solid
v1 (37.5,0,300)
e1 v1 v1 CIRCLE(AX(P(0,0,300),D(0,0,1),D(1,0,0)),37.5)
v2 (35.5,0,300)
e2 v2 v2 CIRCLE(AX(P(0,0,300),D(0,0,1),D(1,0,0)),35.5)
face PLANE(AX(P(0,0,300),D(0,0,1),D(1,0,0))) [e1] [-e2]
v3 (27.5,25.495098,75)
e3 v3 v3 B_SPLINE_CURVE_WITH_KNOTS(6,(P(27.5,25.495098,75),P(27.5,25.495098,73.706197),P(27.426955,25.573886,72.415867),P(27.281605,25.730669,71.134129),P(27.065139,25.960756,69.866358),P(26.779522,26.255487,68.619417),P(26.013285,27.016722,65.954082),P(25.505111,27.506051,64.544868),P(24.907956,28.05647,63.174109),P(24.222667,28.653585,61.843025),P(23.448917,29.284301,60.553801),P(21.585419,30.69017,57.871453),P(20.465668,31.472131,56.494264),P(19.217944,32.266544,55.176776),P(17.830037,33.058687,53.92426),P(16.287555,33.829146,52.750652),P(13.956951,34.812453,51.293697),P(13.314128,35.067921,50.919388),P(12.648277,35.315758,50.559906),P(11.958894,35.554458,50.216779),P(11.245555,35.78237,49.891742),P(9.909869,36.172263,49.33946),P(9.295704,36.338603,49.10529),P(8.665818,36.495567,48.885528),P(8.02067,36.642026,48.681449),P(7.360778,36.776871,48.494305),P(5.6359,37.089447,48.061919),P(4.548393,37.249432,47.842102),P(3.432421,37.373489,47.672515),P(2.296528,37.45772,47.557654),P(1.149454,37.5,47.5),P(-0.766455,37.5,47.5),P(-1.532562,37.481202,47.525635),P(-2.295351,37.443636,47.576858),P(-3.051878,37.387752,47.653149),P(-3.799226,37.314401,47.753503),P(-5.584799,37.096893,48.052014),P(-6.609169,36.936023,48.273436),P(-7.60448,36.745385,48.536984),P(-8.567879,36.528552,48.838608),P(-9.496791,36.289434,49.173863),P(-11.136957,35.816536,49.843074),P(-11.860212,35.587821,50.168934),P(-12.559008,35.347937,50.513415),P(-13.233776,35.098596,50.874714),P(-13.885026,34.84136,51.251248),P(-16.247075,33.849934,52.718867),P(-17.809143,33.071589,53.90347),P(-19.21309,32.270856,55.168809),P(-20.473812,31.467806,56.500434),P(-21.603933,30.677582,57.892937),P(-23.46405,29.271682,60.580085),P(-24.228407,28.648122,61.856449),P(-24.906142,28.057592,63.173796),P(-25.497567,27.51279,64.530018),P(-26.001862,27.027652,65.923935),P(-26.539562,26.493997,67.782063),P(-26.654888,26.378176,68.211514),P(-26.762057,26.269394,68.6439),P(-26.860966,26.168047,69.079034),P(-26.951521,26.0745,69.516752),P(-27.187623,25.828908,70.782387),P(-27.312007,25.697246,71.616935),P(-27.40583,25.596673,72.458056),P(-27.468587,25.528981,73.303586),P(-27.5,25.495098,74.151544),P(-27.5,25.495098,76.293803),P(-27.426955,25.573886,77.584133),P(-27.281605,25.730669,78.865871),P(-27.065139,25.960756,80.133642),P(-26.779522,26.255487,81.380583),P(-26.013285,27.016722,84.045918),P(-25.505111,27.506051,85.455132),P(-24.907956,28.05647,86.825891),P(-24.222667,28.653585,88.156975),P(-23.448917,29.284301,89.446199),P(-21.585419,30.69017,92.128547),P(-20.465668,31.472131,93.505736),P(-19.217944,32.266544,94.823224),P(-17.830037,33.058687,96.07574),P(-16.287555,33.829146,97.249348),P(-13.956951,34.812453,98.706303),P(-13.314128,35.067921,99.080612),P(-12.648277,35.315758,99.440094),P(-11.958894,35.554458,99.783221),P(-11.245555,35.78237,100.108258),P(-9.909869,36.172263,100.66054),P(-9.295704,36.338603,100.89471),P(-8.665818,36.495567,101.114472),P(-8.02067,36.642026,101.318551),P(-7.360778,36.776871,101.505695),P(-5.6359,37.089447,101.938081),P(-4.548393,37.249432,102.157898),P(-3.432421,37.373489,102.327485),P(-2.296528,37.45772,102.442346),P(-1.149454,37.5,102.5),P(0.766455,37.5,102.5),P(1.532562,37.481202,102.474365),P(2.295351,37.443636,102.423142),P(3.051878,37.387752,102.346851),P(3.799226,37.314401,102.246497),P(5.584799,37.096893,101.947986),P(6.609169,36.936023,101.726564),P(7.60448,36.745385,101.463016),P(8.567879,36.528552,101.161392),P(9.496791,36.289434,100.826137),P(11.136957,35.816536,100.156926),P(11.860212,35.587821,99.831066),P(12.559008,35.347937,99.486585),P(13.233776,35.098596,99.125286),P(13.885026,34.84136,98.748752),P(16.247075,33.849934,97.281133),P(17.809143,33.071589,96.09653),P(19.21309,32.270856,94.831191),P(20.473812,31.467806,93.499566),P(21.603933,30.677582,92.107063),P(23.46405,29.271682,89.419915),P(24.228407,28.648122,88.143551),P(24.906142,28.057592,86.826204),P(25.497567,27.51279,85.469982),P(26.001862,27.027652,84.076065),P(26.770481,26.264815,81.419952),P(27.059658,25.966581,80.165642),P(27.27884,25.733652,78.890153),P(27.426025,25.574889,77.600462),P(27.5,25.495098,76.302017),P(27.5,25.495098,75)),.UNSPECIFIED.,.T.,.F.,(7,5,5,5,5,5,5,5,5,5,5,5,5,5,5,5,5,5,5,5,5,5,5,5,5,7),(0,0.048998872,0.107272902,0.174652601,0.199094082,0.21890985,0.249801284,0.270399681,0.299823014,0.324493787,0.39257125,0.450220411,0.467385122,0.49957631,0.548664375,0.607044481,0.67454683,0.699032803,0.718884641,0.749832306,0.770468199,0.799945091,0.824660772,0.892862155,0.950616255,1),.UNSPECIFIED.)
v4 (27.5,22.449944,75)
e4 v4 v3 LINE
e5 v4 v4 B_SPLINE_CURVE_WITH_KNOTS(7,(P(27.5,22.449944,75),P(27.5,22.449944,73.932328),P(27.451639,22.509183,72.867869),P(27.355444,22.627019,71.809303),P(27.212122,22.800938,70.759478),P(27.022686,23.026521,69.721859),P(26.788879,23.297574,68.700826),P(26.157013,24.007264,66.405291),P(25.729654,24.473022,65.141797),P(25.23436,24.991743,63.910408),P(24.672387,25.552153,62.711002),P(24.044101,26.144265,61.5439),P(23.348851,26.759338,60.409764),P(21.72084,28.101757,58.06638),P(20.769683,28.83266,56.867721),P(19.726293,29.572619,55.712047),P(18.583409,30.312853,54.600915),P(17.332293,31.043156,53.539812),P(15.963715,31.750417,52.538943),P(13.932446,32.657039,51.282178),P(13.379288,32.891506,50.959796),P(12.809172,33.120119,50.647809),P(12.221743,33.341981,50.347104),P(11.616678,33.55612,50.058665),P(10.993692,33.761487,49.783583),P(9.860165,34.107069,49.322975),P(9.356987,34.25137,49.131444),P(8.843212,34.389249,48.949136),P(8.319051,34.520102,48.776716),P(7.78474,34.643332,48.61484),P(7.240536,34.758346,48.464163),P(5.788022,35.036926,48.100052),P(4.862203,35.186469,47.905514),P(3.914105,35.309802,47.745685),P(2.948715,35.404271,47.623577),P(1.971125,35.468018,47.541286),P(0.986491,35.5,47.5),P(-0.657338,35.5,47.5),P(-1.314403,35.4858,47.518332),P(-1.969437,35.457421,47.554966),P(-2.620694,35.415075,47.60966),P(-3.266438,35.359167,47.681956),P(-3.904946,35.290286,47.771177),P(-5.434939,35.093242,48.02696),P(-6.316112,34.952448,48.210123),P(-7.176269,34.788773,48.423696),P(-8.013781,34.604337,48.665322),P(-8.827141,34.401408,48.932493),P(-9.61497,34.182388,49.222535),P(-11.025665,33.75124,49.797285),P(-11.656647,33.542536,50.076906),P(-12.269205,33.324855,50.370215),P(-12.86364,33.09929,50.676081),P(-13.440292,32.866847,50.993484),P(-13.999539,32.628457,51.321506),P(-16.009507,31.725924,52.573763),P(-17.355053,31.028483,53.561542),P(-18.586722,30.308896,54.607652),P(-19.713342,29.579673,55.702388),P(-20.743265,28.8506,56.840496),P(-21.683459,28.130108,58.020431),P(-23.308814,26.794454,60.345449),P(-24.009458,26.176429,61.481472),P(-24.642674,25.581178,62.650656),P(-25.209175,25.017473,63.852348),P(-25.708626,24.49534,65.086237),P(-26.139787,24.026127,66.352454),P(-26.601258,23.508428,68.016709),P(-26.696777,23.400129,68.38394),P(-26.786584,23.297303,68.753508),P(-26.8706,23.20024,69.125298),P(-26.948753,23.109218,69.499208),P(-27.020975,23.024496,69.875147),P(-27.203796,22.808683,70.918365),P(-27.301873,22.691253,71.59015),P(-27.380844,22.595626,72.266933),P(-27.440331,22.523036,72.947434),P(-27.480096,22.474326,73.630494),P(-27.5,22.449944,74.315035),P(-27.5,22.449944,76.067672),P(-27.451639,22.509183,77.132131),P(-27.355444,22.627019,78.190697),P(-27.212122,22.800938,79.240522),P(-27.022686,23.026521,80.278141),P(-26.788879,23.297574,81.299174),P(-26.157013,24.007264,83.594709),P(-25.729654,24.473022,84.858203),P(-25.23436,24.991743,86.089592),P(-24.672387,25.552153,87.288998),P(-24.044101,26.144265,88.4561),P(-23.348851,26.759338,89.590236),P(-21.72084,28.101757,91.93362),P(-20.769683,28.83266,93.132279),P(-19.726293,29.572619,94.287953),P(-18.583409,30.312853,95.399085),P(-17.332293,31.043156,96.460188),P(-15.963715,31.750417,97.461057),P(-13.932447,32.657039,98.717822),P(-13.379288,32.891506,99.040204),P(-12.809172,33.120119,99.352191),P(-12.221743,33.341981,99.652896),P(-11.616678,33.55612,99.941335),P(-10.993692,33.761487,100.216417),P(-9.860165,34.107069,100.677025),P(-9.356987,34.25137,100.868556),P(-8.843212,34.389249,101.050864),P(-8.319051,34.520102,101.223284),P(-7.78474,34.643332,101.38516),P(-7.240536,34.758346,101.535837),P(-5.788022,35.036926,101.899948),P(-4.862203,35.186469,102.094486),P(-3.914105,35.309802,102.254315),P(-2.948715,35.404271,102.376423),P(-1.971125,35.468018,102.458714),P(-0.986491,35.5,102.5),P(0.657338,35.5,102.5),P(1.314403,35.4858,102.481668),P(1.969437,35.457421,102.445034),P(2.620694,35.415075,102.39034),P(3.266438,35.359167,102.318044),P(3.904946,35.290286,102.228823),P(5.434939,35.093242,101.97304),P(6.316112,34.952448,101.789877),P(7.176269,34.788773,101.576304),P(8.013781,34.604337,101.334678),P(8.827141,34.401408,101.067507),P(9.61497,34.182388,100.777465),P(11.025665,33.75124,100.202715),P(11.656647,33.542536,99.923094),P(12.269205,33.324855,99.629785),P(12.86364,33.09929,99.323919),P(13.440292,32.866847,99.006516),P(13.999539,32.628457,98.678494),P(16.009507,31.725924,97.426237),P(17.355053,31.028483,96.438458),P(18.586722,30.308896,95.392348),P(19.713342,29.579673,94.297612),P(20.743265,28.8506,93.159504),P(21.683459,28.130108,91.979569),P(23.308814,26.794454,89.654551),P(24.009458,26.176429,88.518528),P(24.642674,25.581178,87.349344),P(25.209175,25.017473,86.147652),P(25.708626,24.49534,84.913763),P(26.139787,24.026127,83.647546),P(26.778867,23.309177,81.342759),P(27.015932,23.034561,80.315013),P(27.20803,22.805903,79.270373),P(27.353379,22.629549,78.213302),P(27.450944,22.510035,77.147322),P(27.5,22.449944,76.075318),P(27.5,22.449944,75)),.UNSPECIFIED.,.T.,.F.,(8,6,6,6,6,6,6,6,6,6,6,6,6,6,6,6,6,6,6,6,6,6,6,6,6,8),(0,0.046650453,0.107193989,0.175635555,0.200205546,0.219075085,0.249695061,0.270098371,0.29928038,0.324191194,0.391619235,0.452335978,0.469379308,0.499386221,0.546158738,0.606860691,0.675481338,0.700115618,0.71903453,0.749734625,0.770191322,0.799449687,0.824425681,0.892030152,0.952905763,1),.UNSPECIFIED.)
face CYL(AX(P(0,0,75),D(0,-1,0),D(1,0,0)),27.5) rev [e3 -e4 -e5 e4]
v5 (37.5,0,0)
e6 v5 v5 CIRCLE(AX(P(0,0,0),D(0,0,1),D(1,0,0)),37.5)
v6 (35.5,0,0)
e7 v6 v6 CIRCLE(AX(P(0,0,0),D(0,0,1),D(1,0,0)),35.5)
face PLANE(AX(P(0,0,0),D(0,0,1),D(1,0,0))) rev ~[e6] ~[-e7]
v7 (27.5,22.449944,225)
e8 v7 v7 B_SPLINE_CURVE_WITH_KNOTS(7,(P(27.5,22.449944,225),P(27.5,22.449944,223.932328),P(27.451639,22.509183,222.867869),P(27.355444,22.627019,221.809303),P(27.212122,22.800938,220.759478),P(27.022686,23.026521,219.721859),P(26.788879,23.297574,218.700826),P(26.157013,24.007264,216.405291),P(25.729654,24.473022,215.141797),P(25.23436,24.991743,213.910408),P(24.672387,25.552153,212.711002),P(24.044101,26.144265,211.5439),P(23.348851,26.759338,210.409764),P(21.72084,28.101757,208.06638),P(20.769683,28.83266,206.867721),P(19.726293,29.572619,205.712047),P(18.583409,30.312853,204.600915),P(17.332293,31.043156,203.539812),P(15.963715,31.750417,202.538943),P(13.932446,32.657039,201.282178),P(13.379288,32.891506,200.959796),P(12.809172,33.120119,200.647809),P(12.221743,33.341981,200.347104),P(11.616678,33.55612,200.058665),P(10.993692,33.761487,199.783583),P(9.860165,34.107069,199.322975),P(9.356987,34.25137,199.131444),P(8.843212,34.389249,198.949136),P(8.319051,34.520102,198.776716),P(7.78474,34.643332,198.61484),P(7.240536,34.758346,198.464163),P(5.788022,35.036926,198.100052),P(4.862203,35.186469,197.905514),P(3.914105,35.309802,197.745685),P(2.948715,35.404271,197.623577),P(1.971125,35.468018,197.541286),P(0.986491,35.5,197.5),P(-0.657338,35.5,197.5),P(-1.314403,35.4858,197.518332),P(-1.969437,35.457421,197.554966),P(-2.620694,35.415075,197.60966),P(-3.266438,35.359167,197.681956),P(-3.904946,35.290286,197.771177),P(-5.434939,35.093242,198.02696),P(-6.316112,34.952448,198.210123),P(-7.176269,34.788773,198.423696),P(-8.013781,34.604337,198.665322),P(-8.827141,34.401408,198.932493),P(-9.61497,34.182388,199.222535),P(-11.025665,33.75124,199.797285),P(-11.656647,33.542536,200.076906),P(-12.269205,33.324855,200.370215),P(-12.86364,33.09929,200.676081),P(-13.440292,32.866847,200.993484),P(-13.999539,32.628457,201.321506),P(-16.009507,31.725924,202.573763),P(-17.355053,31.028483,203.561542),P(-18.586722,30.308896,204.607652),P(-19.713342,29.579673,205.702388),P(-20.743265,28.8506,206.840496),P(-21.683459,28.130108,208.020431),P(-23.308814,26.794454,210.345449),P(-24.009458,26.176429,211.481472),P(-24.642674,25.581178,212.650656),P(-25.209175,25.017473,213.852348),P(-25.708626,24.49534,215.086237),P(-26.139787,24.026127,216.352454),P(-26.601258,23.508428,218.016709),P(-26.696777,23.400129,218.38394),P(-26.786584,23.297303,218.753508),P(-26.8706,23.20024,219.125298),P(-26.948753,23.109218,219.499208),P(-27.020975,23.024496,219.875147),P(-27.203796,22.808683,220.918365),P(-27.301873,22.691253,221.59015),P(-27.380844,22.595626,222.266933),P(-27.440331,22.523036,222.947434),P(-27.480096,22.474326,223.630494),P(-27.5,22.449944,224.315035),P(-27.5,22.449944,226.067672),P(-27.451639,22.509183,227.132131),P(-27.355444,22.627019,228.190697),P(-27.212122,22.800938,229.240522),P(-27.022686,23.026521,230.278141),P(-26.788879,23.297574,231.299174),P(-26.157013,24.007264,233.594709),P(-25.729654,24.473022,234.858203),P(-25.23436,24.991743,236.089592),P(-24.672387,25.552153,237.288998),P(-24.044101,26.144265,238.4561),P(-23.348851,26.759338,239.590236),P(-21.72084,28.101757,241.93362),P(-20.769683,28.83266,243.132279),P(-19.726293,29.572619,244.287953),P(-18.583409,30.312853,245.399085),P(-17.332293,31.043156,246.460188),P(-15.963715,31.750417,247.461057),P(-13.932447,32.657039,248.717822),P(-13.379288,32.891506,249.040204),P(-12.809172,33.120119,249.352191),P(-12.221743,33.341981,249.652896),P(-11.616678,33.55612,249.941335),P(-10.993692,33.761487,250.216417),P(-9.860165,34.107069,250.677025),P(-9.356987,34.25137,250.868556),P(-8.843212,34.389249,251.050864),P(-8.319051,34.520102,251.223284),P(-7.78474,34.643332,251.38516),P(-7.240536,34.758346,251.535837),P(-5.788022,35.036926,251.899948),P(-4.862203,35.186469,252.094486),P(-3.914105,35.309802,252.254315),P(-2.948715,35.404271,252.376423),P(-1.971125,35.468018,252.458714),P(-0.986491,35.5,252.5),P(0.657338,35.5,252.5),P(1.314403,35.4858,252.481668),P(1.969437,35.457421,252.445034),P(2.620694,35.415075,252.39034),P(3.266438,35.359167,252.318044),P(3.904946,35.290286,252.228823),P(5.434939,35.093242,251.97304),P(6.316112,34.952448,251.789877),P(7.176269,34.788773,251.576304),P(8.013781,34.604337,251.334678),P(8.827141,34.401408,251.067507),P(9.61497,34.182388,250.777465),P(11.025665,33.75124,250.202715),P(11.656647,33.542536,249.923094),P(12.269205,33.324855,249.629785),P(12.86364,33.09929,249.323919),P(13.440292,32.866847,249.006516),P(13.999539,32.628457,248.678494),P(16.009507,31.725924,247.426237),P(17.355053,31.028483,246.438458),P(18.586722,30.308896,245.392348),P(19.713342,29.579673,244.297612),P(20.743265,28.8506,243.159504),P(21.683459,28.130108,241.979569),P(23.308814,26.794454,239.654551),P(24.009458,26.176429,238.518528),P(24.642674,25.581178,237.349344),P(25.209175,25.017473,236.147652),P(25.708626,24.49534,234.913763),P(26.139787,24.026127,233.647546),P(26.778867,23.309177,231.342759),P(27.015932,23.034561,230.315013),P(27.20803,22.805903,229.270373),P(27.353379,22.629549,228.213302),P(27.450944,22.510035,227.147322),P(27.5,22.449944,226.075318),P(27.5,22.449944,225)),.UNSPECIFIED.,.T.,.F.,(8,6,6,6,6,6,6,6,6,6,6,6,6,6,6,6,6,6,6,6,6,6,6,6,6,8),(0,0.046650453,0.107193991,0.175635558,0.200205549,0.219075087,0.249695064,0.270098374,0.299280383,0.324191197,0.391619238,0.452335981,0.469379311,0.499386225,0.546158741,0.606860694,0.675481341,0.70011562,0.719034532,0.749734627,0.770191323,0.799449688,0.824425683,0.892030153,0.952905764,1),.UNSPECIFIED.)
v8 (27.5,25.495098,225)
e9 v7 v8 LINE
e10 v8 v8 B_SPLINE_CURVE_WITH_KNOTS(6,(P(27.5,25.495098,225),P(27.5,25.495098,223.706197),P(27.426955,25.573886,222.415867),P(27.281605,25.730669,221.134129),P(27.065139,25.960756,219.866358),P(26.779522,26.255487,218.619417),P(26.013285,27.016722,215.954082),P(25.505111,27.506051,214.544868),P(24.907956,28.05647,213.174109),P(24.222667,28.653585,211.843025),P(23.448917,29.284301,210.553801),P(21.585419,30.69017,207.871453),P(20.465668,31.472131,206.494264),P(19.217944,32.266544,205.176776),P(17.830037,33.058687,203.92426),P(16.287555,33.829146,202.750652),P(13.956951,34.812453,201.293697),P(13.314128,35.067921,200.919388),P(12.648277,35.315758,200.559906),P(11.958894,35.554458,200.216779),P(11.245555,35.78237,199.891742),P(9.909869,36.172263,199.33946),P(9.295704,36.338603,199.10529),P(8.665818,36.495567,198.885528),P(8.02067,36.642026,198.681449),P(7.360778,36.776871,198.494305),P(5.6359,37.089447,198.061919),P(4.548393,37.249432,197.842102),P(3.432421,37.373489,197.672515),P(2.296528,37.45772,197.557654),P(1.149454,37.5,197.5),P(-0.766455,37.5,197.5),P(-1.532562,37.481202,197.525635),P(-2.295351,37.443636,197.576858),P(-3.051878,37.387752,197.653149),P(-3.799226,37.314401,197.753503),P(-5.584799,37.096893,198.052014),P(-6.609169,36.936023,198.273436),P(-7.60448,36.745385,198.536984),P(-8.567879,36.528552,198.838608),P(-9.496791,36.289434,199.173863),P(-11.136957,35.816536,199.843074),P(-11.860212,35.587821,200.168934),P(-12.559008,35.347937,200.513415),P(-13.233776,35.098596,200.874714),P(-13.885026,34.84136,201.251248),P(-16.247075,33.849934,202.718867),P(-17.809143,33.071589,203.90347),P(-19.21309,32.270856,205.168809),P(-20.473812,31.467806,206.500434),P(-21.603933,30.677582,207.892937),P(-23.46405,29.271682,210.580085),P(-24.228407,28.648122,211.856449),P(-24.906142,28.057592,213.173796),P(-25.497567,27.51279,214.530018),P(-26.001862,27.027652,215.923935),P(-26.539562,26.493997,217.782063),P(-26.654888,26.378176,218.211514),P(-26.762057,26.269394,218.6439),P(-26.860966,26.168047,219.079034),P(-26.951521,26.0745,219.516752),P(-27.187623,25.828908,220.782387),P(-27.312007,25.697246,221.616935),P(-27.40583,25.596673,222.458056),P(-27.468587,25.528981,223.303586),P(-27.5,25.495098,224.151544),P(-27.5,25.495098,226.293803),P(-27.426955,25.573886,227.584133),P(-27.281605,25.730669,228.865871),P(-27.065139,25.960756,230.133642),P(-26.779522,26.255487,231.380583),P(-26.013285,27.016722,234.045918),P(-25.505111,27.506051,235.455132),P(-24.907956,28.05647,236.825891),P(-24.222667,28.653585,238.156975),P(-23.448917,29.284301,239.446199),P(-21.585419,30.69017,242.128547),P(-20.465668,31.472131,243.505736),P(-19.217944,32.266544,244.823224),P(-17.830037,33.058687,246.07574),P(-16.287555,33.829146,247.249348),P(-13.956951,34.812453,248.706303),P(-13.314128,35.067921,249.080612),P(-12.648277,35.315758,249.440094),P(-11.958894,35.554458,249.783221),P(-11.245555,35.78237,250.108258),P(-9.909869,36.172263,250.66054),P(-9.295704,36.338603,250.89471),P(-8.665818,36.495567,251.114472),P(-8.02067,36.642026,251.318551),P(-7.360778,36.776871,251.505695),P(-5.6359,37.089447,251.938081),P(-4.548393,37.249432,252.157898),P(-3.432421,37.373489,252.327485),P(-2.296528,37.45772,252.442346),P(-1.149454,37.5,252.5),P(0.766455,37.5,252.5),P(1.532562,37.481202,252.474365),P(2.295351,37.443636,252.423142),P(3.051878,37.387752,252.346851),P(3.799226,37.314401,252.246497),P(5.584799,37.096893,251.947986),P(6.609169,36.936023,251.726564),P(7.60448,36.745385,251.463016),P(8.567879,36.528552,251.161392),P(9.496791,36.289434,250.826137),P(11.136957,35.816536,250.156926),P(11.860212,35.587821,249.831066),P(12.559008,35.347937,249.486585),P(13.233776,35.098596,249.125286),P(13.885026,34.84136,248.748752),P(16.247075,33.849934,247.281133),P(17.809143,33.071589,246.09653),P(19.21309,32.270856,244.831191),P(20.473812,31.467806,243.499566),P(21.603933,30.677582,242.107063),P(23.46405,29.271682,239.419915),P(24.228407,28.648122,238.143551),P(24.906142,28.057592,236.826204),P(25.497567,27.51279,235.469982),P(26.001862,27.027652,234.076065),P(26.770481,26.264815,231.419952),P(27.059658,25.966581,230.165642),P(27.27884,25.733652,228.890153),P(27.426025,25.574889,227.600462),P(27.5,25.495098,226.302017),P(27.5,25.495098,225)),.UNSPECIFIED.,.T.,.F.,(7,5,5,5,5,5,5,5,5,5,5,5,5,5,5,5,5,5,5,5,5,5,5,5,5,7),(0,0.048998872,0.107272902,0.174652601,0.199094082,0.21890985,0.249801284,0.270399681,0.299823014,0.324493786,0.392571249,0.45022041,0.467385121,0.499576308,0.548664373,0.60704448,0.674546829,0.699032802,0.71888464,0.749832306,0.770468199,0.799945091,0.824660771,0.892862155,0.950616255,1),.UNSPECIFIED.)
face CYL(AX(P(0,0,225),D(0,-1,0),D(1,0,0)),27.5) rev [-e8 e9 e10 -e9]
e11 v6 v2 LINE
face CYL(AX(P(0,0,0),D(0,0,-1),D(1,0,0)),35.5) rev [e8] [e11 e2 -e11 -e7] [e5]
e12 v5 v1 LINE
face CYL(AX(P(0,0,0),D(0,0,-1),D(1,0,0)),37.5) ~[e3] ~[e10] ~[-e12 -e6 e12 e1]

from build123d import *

# Parameters (mm, degrees)
SKETCH1_R           = 37.5
SKETCH1_R_2         = 35.5
BOSS_EXTRUDE1_DEPTH = 300
SKETCH2_R           = 27.5
CUT_EXTRUDE1_DEPTH  = 100


with BuildPart() as part:
    # Sketch1 → Boss-Extrude1 (new body)
    with BuildSketch(Plane.XY):
        Circle(SKETCH1_R)
        Circle(SKETCH1_R_2, mode=Mode.SUBTRACT)
    extrude(amount=BOSS_EXTRUDE1_DEPTH)

    # Sketch2 → Cut-Extrude1 (cut)
    with BuildSketch(Plane(origin=(0, 0, 0), x_dir=(1, 0, 0), z_dir=(0, 1, 0))):
        with Locations((0, -75)):
            Circle(SKETCH2_R)
        with Locations((0, -225)):
            Circle(SKETCH2_R)
    extrude(amount=CUT_EXTRUDE1_DEPTH, mode=Mode.SUBTRACT)


solid = part.part
